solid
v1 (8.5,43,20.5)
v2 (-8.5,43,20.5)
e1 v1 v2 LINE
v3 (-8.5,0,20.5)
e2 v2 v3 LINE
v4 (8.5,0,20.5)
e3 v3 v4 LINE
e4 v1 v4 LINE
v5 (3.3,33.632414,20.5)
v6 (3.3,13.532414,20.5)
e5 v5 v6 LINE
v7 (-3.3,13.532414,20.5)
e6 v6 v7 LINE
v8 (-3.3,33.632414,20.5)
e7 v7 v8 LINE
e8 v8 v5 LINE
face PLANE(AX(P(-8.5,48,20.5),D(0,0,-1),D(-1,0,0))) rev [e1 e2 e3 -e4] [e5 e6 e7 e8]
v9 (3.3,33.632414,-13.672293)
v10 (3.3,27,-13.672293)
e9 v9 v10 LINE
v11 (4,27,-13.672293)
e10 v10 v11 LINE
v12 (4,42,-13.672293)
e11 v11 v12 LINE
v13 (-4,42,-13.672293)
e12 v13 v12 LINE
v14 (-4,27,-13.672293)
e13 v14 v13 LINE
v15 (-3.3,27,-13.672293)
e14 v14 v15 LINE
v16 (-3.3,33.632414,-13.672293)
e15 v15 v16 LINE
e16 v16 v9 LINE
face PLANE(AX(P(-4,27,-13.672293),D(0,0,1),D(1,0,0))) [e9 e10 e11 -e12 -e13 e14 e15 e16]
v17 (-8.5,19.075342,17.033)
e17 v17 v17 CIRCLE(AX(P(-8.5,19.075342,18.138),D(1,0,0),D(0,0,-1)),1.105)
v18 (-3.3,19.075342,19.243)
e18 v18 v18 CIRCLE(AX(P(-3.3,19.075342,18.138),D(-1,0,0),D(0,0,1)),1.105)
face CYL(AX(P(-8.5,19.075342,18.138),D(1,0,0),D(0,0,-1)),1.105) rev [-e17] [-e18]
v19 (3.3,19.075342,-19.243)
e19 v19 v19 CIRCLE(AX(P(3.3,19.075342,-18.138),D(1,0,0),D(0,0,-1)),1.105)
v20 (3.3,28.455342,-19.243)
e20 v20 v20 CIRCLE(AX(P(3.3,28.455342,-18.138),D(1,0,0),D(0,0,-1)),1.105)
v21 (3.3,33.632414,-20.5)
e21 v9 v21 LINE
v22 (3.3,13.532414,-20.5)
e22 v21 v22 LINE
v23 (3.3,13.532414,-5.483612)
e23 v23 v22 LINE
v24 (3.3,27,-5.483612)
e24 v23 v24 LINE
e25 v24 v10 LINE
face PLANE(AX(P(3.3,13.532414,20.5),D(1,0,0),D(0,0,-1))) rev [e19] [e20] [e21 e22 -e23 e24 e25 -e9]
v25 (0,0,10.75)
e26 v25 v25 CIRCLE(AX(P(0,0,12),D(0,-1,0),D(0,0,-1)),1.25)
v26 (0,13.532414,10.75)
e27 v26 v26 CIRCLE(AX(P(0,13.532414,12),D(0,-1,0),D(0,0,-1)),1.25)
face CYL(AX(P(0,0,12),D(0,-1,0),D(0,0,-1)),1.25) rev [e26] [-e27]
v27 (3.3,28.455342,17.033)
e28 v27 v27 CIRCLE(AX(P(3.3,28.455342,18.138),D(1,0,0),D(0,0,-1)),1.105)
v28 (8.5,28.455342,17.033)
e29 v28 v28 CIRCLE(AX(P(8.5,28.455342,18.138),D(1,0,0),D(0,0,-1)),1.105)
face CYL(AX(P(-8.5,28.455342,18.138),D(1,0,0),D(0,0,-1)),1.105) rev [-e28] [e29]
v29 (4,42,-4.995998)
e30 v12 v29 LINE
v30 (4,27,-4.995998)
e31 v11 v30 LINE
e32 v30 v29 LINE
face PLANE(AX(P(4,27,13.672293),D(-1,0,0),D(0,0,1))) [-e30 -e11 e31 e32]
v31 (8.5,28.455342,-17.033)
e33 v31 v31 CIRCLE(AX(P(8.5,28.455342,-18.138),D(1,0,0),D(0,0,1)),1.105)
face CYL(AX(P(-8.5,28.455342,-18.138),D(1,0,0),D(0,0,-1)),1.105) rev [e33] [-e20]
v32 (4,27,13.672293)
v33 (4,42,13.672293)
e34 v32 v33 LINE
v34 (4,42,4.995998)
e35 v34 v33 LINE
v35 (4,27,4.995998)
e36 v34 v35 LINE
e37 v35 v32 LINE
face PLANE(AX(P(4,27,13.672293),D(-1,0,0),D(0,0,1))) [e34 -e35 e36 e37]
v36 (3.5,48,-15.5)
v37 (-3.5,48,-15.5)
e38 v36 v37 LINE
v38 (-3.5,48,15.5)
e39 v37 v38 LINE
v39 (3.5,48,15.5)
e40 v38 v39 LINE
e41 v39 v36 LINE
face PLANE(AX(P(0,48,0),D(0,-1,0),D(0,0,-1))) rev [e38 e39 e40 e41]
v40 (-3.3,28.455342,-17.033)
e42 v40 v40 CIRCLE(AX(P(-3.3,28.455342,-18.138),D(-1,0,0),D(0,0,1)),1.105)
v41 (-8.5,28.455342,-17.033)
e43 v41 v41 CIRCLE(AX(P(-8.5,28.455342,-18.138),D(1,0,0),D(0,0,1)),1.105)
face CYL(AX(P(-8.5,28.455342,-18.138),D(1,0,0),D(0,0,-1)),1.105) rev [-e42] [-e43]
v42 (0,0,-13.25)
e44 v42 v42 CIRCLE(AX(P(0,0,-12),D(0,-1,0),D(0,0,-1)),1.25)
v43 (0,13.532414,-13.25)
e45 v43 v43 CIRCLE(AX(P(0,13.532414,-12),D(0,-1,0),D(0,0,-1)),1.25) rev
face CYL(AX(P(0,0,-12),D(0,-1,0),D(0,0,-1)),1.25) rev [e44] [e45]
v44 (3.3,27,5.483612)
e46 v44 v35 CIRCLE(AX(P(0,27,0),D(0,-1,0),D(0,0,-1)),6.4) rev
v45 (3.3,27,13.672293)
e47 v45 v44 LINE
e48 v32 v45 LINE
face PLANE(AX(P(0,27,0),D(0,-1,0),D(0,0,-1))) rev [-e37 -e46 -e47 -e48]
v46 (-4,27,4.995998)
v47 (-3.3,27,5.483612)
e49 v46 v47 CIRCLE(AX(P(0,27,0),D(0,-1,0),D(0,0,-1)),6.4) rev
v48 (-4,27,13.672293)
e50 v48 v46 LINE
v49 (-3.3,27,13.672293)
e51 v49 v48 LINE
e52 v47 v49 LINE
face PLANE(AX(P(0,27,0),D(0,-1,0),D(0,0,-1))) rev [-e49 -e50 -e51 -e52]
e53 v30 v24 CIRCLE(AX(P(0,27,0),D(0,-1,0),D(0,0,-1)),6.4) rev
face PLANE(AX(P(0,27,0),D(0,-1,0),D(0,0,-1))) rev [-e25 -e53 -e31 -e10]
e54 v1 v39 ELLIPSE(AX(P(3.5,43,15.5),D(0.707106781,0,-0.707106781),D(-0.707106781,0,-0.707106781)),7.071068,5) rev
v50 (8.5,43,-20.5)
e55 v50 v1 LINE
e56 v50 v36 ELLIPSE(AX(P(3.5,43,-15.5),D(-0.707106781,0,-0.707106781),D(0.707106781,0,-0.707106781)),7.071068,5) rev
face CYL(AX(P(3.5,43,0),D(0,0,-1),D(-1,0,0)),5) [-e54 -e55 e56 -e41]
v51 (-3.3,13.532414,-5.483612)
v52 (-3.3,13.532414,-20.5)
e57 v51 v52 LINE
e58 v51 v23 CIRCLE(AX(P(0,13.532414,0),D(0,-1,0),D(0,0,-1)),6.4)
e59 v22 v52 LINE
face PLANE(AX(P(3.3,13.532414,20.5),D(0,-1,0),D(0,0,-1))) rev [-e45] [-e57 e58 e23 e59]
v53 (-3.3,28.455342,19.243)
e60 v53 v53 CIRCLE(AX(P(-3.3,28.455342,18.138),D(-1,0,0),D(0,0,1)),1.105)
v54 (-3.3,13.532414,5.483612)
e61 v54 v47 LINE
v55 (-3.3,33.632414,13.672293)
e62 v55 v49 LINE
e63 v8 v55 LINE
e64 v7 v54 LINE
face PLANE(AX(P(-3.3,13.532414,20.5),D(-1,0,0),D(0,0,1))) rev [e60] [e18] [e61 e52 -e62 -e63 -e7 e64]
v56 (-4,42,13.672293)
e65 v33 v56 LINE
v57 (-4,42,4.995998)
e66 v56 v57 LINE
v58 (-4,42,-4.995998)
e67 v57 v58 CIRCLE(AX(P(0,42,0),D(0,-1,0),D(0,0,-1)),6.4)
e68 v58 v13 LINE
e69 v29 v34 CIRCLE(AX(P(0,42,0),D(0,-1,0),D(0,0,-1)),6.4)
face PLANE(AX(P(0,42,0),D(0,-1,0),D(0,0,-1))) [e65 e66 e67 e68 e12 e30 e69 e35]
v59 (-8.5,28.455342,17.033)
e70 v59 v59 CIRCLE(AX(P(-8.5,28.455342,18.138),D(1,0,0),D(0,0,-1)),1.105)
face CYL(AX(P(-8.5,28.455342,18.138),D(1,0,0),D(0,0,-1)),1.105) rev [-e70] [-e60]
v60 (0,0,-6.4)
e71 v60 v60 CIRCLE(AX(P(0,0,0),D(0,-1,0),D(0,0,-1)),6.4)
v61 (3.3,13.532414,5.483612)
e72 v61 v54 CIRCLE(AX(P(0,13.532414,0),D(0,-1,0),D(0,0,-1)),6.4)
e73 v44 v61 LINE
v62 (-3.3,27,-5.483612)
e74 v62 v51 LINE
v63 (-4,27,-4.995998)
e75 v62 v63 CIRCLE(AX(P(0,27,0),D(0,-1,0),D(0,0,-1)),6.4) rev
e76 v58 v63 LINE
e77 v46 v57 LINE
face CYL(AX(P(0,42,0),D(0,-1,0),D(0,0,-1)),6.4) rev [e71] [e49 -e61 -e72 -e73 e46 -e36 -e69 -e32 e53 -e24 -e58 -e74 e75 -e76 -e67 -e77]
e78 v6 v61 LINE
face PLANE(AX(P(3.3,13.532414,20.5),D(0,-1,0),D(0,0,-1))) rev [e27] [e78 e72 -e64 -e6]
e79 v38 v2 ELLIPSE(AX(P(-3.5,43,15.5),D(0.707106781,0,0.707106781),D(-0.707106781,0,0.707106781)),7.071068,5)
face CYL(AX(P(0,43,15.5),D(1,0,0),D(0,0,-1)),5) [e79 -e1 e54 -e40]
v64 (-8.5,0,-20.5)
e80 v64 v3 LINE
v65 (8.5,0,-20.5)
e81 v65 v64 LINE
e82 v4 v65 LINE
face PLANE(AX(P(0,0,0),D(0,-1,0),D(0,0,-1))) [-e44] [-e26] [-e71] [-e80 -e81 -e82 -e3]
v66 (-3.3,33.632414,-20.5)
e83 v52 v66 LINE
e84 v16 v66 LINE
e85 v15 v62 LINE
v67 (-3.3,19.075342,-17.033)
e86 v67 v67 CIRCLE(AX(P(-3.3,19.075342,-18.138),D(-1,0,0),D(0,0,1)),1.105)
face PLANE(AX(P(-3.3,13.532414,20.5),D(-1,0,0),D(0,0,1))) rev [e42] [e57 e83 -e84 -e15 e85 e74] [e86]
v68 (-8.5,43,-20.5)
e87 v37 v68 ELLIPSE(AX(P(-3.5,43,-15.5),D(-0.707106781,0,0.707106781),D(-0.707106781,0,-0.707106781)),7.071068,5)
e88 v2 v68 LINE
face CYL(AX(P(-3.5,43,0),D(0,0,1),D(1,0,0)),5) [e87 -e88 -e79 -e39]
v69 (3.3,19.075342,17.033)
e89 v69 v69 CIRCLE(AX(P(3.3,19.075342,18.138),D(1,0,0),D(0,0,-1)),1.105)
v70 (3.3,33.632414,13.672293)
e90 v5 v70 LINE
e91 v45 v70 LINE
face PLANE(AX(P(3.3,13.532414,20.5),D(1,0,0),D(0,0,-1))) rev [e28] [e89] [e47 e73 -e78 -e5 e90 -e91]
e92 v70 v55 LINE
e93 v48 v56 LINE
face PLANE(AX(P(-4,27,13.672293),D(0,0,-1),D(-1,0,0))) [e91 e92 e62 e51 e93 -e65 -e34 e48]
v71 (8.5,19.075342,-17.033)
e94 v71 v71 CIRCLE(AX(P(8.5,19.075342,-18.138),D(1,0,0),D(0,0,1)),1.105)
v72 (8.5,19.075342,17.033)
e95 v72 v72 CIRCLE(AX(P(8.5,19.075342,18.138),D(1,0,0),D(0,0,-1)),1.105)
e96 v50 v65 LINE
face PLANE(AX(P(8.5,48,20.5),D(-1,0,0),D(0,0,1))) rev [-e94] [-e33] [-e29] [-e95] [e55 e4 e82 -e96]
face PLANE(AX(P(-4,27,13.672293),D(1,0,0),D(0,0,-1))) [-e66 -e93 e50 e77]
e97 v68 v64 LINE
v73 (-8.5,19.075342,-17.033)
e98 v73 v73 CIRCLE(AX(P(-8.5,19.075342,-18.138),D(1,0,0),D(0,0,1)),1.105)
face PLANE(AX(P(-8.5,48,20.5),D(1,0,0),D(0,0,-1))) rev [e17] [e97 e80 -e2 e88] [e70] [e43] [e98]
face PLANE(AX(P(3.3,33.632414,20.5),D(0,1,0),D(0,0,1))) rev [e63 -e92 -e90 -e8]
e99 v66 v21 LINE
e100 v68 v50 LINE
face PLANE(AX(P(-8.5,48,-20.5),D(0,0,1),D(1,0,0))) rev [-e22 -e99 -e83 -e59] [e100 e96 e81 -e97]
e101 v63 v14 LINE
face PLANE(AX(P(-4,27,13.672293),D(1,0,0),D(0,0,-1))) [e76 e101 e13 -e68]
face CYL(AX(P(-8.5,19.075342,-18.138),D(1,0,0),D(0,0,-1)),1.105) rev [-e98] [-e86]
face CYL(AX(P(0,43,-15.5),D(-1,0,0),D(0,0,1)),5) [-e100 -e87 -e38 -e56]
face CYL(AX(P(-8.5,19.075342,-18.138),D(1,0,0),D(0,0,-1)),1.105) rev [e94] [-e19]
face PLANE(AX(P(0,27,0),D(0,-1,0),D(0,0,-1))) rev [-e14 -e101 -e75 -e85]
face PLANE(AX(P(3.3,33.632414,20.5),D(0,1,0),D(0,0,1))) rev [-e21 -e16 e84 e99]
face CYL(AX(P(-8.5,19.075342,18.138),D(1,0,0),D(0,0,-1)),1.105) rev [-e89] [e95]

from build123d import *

# Parameters (mm, degrees)
SKETCH1_W                    = 17
SKETCH1_H                    = 41
BOSS_EXTRUDE1_DEPTH          = 48
SKETCH2_W                    = 6.6
SKETCH2_H                    = 20.1
CUT_EXTRUDE1_DEPTH           = 64.696546217
SKETCH3_R                    = 1.105
CUT_EXTRUDE2_DEPTH           = 55.893077888
SKETCH4_R                    = 6.4
CUT_EXTRUDE3_DEPTH           = 42
FILLET3_R                    = 5
SKETCH8_W                    = 8
SKETCH8_H                    = 27.344585772
CUT_EXTRUDE4_DEPTH           = 15
TAP_DRILL_FOR_M3_TAP1_REACH  = 60.588
TAP_DRILL_FOR_M3_TAP1_BORE_R = 1.25


with BuildPart() as part:
    # Sketch1 → Boss-Extrude1 (new body)
    with BuildSketch(Plane(origin=(0, 0, 0), x_dir=(1, 0, 0), z_dir=(0, 1, 0))):
        Rectangle(SKETCH1_W, SKETCH1_H)
    extrude(amount=BOSS_EXTRUDE1_DEPTH)

    # Sketch2 → Cut-Extrude1 (cut, through all)
    with BuildSketch(Plane(origin=(0, 0, -20.5), x_dir=(-1, 0, 0), z_dir=(0, 0, -1))):
        with Locations((0, 23.582414356)):
            Rectangle(SKETCH2_W, SKETCH2_H)
    extrude(amount=-CUT_EXTRUDE1_DEPTH, mode=Mode.SUBTRACT)

    # Sketch3 → Cut-Extrude2 (cut, through all)
    with BuildSketch(Plane(origin=(8.5, 0, 0), x_dir=(0, 0, -1), z_dir=(1, 0, 0))):
        with Locations((-18.138, 19.075341505)):
            Circle(SKETCH3_R)
        with Locations((-18.138, 28.455341505)):
            Circle(SKETCH3_R)
        with Locations((18.138, 28.455341505)):
            Circle(SKETCH3_R)
        with Locations((18.138, 19.075341505)):
            Circle(SKETCH3_R)
    extrude(amount=-CUT_EXTRUDE2_DEPTH, mode=Mode.SUBTRACT)

    # Sketch4 → Cut-Extrude3 (cut)
    with BuildSketch(Plane.XZ):
        with Locations(Location((0, 0, 0), (0, 0, 270))):
            Circle(SKETCH4_R)
    extrude(amount=-CUT_EXTRUDE3_DEPTH, mode=Mode.SUBTRACT)

    # Fillet3
    fillet3_edges = [part.edges().sort_by_distance(p)[0] for p in [
        (-8.5, 48, 0),
        (0, 48, 20.5),
        (8.5, 48, 0),
        (0, 48, -20.5),
    ]]
    fillet(fillet3_edges, radius=FILLET3_R)

    # Sketch8 → Cut-Extrude4 (cut)
    with BuildSketch(Plane.XZ.offset(-42)):
        Rectangle(SKETCH8_W, SKETCH8_H)
    extrude(amount=CUT_EXTRUDE4_DEPTH, mode=Mode.SUBTRACT)

    # Tap Drill for M3 Tap1 bore (on position points) → Tap Drill for M3 Tap1 (cut, up to next)
    with BuildSketch(Plane(origin=(0, 0, -12), x_dir=(0, 0, -1), z_dir=(0, -1, 0)), mode=Mode.PRIVATE) as tap_drill_for_m3_tap1_sk1:
        Circle(TAP_DRILL_FOR_M3_TAP1_BORE_R)
    tap_drill_for_m3_tap1_tool1 = extrude(tap_drill_for_m3_tap1_sk1.sketch, amount=-TAP_DRILL_FOR_M3_TAP1_REACH, mode=Mode.PRIVATE) & part.part
    # Tap Drill for M3 Tap1 bore (on position points) → Tap Drill for M3 Tap1 (cut, up to next)
    with BuildSketch(Plane(origin=(0, 0, -12), x_dir=(0, 0, -1), z_dir=(0, -1, 0)), mode=Mode.PRIVATE) as tap_drill_for_m3_tap1_sk2:
        with Locations((-24, 0)):
            Circle(TAP_DRILL_FOR_M3_TAP1_BORE_R)
    tap_drill_for_m3_tap1_tool2 = extrude(tap_drill_for_m3_tap1_sk2.sketch, amount=-TAP_DRILL_FOR_M3_TAP1_REACH, mode=Mode.PRIVATE) & part.part
    add(tap_drill_for_m3_tap1_tool1.solids().sort_by_distance((0, 0, -12))[0], mode=Mode.SUBTRACT)
    add(tap_drill_for_m3_tap1_tool2.solids().sort_by_distance((0, 0, 12))[0], mode=Mode.SUBTRACT)


solid = part.part
